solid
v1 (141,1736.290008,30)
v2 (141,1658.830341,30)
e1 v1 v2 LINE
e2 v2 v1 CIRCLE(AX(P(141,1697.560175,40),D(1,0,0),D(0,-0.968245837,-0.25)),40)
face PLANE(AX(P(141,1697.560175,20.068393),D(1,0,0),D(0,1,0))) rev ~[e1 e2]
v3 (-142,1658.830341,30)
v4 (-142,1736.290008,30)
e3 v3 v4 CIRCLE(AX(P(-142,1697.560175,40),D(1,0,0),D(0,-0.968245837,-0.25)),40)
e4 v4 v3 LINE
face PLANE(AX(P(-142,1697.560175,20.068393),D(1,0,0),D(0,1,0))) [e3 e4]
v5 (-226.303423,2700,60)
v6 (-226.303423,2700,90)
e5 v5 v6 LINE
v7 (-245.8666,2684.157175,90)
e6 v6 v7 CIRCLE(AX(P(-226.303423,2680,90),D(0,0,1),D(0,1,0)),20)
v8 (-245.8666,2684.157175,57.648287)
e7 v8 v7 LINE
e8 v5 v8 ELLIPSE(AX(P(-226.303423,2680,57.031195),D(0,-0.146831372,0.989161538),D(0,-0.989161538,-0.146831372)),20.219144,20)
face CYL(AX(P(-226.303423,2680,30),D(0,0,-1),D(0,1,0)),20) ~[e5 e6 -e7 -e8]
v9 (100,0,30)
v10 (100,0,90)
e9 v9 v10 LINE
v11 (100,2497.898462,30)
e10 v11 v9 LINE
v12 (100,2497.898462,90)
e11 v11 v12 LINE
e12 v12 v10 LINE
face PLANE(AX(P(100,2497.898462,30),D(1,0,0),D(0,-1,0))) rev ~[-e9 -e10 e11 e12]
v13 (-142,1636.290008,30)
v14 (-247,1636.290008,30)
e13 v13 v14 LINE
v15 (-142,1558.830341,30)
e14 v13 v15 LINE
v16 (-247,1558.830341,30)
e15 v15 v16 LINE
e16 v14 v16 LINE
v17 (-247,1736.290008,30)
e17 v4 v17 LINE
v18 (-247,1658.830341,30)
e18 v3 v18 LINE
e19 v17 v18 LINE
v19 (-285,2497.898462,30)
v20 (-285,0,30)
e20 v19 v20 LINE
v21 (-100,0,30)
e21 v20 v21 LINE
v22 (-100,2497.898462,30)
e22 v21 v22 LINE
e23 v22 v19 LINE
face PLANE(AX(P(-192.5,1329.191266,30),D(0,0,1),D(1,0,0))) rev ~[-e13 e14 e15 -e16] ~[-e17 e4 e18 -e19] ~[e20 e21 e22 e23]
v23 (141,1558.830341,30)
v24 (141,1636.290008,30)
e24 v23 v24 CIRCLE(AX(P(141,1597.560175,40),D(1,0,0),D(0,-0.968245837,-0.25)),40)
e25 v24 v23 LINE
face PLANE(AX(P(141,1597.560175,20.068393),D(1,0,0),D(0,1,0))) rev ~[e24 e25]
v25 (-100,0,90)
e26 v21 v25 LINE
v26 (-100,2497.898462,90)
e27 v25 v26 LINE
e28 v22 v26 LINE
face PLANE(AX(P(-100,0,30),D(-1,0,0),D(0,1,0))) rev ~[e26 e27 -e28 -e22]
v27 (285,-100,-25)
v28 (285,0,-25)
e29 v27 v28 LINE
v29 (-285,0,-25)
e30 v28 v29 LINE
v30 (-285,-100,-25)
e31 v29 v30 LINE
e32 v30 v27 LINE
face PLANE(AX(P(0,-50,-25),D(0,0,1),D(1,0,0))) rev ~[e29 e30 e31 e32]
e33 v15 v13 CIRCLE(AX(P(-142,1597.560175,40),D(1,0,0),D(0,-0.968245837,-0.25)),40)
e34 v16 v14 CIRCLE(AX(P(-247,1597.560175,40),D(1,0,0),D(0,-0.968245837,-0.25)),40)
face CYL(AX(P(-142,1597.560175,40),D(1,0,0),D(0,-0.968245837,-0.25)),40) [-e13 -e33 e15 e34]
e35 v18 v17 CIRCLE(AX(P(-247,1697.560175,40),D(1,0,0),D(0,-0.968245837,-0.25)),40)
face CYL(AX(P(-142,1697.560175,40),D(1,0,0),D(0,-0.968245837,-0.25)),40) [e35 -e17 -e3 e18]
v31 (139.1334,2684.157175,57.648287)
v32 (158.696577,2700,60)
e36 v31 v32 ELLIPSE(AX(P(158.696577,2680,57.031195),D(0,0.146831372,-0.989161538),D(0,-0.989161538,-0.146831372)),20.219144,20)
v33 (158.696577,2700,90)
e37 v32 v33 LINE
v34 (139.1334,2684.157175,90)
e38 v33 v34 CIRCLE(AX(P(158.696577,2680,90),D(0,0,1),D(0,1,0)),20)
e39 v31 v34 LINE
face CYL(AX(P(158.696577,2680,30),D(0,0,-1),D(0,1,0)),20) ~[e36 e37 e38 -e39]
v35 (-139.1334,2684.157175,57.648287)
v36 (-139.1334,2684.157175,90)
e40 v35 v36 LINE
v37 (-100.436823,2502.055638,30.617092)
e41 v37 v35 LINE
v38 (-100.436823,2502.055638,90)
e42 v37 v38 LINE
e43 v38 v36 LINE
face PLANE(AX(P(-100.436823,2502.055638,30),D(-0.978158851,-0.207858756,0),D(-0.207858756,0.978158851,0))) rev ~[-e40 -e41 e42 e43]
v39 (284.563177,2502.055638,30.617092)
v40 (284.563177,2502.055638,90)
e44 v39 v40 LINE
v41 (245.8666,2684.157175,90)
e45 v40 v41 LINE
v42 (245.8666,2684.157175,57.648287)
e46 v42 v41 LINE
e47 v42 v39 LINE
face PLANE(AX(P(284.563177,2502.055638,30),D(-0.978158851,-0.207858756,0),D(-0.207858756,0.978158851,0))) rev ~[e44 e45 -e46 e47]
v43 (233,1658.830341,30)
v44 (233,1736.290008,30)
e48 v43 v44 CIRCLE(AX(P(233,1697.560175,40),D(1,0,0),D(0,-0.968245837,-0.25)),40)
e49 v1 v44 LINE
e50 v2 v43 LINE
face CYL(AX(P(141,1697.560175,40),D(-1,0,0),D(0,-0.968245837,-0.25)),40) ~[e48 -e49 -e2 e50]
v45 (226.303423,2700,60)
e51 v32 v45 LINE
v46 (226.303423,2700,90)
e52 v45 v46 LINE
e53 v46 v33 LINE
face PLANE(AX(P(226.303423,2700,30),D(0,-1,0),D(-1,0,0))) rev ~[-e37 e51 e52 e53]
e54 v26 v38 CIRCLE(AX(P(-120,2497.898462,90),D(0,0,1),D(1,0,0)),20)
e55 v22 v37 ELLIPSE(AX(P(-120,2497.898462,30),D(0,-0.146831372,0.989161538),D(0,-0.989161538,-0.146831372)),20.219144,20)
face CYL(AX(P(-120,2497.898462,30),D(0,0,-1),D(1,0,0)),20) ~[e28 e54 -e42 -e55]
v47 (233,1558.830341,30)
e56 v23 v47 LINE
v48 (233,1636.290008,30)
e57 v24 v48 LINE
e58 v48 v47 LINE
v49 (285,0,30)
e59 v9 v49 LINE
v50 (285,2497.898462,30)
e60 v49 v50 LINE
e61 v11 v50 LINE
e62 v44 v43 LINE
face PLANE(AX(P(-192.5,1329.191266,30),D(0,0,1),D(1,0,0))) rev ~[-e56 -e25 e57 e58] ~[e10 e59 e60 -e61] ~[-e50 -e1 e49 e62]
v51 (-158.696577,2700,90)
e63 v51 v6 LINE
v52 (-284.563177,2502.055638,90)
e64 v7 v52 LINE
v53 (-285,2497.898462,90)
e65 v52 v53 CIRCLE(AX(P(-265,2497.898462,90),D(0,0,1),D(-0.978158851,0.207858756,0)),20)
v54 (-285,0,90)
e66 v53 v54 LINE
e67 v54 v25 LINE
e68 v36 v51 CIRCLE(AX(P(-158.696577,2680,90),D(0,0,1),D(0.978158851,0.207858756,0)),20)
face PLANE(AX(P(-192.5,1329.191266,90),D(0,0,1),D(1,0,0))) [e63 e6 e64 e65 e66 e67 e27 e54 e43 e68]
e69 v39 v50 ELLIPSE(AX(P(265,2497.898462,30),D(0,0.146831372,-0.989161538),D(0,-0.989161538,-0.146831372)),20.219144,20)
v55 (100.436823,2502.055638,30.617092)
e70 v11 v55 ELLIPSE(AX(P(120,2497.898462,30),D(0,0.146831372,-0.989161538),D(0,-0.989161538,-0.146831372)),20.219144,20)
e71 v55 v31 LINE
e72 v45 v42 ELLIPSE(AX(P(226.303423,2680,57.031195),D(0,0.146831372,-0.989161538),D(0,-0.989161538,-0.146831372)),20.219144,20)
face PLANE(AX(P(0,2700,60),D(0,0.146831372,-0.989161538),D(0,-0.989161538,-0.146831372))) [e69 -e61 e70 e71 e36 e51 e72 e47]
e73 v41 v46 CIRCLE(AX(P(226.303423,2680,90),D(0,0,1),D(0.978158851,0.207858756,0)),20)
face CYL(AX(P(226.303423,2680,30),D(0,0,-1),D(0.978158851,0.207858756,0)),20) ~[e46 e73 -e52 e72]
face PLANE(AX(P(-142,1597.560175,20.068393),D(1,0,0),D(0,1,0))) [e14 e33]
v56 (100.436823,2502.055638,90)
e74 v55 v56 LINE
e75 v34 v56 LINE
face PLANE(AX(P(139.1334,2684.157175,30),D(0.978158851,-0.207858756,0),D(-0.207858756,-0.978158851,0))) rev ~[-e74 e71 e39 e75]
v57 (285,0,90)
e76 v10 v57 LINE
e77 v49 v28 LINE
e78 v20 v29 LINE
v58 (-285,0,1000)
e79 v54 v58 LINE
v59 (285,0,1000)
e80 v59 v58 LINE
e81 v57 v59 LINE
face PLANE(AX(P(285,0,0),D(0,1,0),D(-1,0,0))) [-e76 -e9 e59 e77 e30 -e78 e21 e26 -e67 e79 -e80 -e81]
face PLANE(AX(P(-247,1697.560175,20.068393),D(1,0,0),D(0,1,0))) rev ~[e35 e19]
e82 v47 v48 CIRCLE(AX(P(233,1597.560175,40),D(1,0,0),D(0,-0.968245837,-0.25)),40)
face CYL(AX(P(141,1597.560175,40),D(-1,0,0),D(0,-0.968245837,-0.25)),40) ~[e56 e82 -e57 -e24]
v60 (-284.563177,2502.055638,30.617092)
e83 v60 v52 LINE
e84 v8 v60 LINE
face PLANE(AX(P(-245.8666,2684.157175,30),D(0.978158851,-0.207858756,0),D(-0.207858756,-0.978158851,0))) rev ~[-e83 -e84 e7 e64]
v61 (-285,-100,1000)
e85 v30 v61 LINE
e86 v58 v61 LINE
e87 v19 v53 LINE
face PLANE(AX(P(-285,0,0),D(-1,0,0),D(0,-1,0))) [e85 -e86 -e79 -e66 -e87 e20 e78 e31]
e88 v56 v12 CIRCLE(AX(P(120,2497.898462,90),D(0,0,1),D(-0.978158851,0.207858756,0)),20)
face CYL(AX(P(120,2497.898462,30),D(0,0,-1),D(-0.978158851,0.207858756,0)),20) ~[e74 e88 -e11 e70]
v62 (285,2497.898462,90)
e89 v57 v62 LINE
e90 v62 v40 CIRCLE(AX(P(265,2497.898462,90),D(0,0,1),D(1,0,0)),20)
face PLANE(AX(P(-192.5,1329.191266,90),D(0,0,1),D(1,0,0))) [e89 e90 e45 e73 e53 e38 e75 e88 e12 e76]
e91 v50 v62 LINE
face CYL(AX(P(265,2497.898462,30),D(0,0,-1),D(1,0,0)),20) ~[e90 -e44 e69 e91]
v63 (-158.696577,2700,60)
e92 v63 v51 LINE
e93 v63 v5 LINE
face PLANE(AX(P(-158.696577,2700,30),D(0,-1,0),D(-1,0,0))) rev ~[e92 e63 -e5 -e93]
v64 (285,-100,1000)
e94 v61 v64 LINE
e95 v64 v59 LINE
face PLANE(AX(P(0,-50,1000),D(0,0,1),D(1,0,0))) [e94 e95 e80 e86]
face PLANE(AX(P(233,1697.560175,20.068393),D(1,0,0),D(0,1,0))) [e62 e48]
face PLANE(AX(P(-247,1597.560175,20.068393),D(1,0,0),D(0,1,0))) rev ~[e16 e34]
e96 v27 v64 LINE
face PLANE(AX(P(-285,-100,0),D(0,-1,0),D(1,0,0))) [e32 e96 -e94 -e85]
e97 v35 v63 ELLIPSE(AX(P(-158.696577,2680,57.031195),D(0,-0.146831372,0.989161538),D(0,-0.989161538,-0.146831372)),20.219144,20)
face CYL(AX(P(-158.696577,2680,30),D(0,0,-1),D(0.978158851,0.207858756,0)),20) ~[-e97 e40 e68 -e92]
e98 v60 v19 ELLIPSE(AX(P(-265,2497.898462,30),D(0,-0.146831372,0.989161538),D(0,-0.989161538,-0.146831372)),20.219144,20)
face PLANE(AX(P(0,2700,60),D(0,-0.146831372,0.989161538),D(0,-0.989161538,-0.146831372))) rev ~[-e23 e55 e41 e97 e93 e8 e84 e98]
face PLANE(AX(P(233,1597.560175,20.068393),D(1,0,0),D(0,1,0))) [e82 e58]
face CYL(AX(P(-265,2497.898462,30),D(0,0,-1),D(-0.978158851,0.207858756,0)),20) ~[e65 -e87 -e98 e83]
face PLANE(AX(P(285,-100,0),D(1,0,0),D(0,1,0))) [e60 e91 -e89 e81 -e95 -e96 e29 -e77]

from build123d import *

# Parameters (mm, degrees)
F1_START      = 30
F1_DEPTH      = 60
F2_DEPTH      = 1000
F2_DEPTH_BACK = 25
F4_START      = 141
F4_DEPTH      = 92
F5_START      = -142
F5_DEPTH      = 105
F7_DEPTH      = 285.001
F7_DEPTH_BACK = 285.001


with BuildPart() as f1:
    # F0 (on Top) → F1 (new body)
    with BuildSketch(Plane.XY.offset(F1_START)):
        with BuildLine():
            Line((-192.5, 0), (-100, 0))
            Line((-100, 0), (-100, 2497.8984624443))
            ThreePointArc((-100, 2497.8984624443), (-100.1095055319, 2499.9884935006), (-100.4368229816, 2502.0556375607))
            Line((-100.4368229816, 2502.0556375607), (-139.1333997122, 2684.1571751164))
            ThreePointArc((-139.1333997122, 2684.1571751164), (-146.1097483439, 2695.5425786523), (-158.6965767306, 2700))
            Line((-158.6965767306, 2700), (-192.5, 2700))
            Line((-192.5, 2700), (-226.3034232694, 2700))
            ThreePointArc((-226.3034232694, 2700), (-238.8902516561, 2695.5425786523), (-245.8666002878, 2684.1571751164))
            Line((-245.8666002878, 2684.1571751164), (-284.5631770184, 2502.0556375607))
            ThreePointArc((-284.5631770184, 2502.0556375607), (-284.8904944681, 2499.9884935006), (-285, 2497.8984624443))
            Line((-285, 2497.8984624443), (-285, 0))
            Line((-285, 0), (-192.5, 0))
        make_face()
        Polygon((100, 0), (-100, 0), (-192.5, 0), (-285, 0), (-285, -100), (285, -100), (285, 0), (192.5, 0), align=None)
        with BuildLine():
            Line((100, 2497.8984624443), (100, 0))
            Line((100, 0), (192.5, 0))
            Line((192.5, 0), (285, 0))
            Line((285, 0), (285, 2497.8984624443))
            ThreePointArc((285, 2497.8984624443), (284.8904944681, 2499.9884935006), (284.5631770184, 2502.0556375607))
            Line((284.5631770184, 2502.0556375607), (245.8666002878, 2684.1571751164))
            ThreePointArc((245.8666002878, 2684.1571751164), (238.8902516561, 2695.5425786523), (226.3034232694, 2700))
            Line((226.3034232694, 2700), (192.5, 2700))
            Line((192.5, 2700), (158.6965767306, 2700))
            ThreePointArc((158.6965767306, 2700), (146.1097483439, 2695.5425786523), (139.1333997122, 2684.1571751164))
            Line((139.1333997122, 2684.1571751164), (100.4368229816, 2502.0556375607))
            ThreePointArc((100.4368229816, 2502.0556375607), (100.1095055319, 2499.9884935006), (100, 2497.8984624443))
        make_face()
    extrude(amount=F1_DEPTH)

    # F0 (on Top) → F2 (join, two sides)
    with BuildSketch(Plane.XY) as f2_sk:
        Polygon((100, 0), (-100, 0), (-192.5, 0), (-285, 0), (-285, -100), (285, -100), (285, 0), (192.5, 0), align=None)
    extrude(amount=F2_DEPTH)
    extrude(f2_sk.sketch, amount=-F2_DEPTH_BACK)

    # F3 (on Right) → F4 (join)
    with BuildSketch(Plane.YZ.offset(F4_START)):
        with BuildLine():
            Line((1736.2900083932, 30), (1658.8303414691, 30))
            ThreePointArc((1658.8303414691, 30), (1697.5601749311, 0), (1736.2900083932, 30))
        make_face()
        with BuildLine():
            Line((1636.2900083932, 30), (1558.8303414691, 30))
            ThreePointArc((1558.8303414691, 30), (1597.5601749311, 0), (1636.2900083932, 30))
        make_face()
    extrude(amount=F4_DEPTH)

    # F3 (on Right) → F5 (join)
    with BuildSketch(Plane.YZ.offset(F5_START)):
        with BuildLine():
            Line((1636.2900083932, 30), (1558.8303414691, 30))
            ThreePointArc((1558.8303414691, 30), (1597.5601749311, 0), (1636.2900083932, 30))
        make_face()
        with BuildLine():
            Line((1736.2900083932, 30), (1658.8303414691, 30))
            ThreePointArc((1658.8303414691, 30), (1697.5601749311, 0), (1736.2900083932, 30))
        make_face()
    extrude(amount=-F5_DEPTH)

    # F6 (on Right) → F7 (cut, two sides)
    with BuildSketch(Plane.YZ) as f7_sk:
        Polygon((2700, 30), (2700, 60), (2497.8984624443, 30), align=None)
    extrude(amount=-F7_DEPTH, mode=Mode.SUBTRACT)
    extrude(f7_sk.sketch, amount=F7_DEPTH_BACK, mode=Mode.SUBTRACT)


solid = f1.part
